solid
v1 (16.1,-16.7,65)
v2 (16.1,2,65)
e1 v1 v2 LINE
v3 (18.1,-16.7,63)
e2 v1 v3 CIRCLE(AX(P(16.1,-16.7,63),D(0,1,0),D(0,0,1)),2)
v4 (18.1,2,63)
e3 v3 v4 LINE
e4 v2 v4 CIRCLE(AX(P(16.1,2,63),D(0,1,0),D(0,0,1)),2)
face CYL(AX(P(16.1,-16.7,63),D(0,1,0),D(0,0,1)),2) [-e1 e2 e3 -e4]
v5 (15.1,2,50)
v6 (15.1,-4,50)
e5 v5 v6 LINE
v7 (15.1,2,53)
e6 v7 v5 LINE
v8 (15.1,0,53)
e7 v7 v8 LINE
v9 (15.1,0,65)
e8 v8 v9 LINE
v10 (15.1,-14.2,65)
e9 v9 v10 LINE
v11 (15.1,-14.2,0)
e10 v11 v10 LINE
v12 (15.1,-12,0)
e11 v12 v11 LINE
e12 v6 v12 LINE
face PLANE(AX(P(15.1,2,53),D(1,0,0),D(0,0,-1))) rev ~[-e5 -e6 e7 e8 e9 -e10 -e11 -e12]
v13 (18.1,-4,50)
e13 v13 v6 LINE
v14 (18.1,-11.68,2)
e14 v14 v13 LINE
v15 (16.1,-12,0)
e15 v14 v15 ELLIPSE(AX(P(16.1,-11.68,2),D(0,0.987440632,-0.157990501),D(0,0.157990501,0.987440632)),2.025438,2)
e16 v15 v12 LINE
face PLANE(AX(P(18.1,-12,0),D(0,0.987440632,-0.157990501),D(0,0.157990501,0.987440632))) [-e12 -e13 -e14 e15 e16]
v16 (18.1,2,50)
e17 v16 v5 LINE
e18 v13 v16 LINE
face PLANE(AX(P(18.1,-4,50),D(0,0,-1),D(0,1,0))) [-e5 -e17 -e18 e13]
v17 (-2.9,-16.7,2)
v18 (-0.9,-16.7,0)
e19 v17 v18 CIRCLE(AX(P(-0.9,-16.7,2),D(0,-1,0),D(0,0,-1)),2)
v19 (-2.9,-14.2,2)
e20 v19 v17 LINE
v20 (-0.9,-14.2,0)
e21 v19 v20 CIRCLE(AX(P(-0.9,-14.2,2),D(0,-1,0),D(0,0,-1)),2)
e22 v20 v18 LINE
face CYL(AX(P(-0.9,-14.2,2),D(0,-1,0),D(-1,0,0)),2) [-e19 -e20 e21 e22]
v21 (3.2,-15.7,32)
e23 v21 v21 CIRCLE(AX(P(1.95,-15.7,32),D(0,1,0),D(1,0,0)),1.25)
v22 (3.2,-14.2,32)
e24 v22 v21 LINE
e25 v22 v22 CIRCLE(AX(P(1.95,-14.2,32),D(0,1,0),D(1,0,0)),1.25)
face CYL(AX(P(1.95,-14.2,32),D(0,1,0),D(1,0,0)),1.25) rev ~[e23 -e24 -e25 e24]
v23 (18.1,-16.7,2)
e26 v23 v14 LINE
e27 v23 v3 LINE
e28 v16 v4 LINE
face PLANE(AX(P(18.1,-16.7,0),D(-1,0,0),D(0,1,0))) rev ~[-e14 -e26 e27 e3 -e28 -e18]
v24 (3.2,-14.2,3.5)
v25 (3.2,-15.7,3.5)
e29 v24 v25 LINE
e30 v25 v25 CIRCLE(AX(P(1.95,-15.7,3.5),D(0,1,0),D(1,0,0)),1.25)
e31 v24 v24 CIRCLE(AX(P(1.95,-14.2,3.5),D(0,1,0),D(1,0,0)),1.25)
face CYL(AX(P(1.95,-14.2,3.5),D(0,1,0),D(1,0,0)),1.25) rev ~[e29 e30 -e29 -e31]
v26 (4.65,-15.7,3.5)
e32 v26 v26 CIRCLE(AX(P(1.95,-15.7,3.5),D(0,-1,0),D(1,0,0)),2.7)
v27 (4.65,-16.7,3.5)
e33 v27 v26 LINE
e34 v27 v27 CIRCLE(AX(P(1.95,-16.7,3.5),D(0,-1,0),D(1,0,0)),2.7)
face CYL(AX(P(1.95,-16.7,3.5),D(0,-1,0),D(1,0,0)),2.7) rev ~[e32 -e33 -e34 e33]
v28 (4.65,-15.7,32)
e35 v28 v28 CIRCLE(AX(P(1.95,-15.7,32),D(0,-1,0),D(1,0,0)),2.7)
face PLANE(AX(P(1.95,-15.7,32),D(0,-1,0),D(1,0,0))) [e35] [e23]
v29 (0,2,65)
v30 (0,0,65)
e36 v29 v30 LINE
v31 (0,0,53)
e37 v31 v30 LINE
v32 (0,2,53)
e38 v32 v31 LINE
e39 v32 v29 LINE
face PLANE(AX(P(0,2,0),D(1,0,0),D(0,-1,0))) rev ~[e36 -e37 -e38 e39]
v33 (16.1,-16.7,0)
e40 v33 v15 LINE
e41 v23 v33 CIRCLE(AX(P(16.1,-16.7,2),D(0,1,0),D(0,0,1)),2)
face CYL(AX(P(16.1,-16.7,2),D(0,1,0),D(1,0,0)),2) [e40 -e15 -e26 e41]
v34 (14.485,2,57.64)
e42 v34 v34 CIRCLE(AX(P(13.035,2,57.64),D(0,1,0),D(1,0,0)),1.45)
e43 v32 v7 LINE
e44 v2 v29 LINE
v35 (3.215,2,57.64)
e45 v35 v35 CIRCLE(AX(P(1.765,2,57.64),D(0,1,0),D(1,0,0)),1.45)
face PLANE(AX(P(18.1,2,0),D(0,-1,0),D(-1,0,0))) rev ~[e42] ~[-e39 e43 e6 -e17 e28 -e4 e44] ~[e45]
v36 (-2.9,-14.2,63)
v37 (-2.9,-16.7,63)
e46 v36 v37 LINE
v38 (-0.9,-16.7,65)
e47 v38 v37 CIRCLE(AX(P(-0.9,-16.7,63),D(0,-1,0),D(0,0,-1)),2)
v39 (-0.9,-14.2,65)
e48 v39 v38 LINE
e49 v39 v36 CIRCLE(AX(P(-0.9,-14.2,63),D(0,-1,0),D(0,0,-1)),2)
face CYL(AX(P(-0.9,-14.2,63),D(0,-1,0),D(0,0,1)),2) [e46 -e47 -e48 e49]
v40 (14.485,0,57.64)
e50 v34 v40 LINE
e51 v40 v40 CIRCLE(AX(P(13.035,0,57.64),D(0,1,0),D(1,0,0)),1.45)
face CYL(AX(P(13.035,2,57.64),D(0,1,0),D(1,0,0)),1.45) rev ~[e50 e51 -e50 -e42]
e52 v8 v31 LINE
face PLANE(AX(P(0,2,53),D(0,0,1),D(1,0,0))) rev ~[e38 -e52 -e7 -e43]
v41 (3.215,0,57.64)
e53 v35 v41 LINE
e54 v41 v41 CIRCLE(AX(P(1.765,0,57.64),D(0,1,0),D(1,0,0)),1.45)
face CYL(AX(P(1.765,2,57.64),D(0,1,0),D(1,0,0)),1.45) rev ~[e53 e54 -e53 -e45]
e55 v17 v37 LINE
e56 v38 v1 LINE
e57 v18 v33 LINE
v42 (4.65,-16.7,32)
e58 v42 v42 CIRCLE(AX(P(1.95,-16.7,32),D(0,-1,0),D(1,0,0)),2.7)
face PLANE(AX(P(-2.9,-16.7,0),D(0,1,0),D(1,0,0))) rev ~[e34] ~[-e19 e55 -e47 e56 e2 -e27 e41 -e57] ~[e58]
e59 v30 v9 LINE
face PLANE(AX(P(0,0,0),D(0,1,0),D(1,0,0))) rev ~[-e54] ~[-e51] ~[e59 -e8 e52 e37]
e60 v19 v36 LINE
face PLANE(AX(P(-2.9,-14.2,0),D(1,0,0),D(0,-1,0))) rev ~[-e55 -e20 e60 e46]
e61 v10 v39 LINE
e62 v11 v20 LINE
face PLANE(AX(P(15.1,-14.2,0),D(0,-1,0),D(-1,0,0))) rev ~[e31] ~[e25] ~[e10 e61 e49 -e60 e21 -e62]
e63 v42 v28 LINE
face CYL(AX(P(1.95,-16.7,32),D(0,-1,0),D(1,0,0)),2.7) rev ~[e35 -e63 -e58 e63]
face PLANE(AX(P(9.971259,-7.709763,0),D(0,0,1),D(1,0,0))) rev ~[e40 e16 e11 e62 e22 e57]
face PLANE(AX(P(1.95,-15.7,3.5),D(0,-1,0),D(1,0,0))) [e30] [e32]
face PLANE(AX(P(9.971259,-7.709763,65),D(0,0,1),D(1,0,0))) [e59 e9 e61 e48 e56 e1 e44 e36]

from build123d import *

# Parameters (mm, degrees)
EXTRUDE_1_DEPTH     = 65
CUT_EXTRUDE_1_REACH = 20.7
SKETCH_2_R          = 1.45
SKETCH_2_W          = 15.1
SKETCH_2_H          = 53
CUT_EXTRUDE_2_REACH = 4.5
SKETCH_3_R          = 1.25
CUT_EXTRUDE_3_REACH = 23
FILLET_1_R          = 2
SKETCH_5_R          = 2.7
CUT_EXTRUDE_4_DEPTH = 1


with BuildPart() as part:
    # 草图1 → 凸台-拉伸1 (new body)
    with BuildSketch(Plane.XY):
        Polygon((0, 2), (0, 0), (15.1, 0), (15.1, -14.2), (-2.9, -14.2), (-2.9, -16.7), (18.1, -16.7), (18.1, 2), align=None)
    extrude(amount=EXTRUDE_1_DEPTH)

    # 草图2 → 切除-拉伸1 (cut, up to next)
    with BuildSketch(Plane(origin=(0, 2, 0), x_dir=(1, 0, 0), z_dir=(0, 1, 0)), mode=Mode.PRIVATE) as cut_extrude_1_sk1:
        with Locations((1.765, -57.64)):
            Circle(SKETCH_2_R)
    cut_extrude_1_tool1 = extrude(cut_extrude_1_sk1.sketch, amount=-CUT_EXTRUDE_1_REACH, mode=Mode.PRIVATE) & part.part
    add(cut_extrude_1_tool1.solids().sort_by_distance((1.765, 2, 57.64))[0], mode=Mode.SUBTRACT)
    # 草图2 → 切除-拉伸1 (cut, up to next)
    with BuildSketch(Plane(origin=(0, 2, 0), x_dir=(1, 0, 0), z_dir=(0, 1, 0)), mode=Mode.PRIVATE) as cut_extrude_1_sk2:
        with Locations((13.035, -57.64)):
            Circle(SKETCH_2_R)
    cut_extrude_1_tool2 = extrude(cut_extrude_1_sk2.sketch, amount=-CUT_EXTRUDE_1_REACH, mode=Mode.PRIVATE) & part.part
    add(cut_extrude_1_tool2.solids().sort_by_distance((13.035, 2, 57.64))[0], mode=Mode.SUBTRACT)
    # 草图2 → 切除-拉伸1 (cut, up to next)
    with BuildSketch(Plane(origin=(0, 2, 0), x_dir=(1, 0, 0), z_dir=(0, 1, 0)), mode=Mode.PRIVATE) as cut_extrude_1_sk3:
        with Locations((7.55, -26.5)):
            Rectangle(SKETCH_2_W, SKETCH_2_H)
    cut_extrude_1_tool3 = extrude(cut_extrude_1_sk3.sketch, amount=-CUT_EXTRUDE_1_REACH, mode=Mode.PRIVATE) & part.part
    add(cut_extrude_1_tool3.solids().sort_by_distance((7.55, 2, 26.5))[0], mode=Mode.SUBTRACT)

    # 草图3 → 切除-拉伸2 (cut, up to next)
    with BuildSketch(Plane(origin=(0, -14.2, 0), x_dir=(1, 0, 0), z_dir=(0, 1, 0)), mode=Mode.PRIVATE) as cut_extrude_2_sk1:
        with Locations((1.95, -3.5)):
            Circle(SKETCH_3_R)
    cut_extrude_2_tool1 = extrude(cut_extrude_2_sk1.sketch, amount=-CUT_EXTRUDE_2_REACH, mode=Mode.PRIVATE) & part.part
    add(cut_extrude_2_tool1.solids().sort_by_distance((1.95, -14.2, 3.5))[0], mode=Mode.SUBTRACT)
    # 草图3 → 切除-拉伸2 (cut, up to next)
    with BuildSketch(Plane(origin=(0, -14.2, 0), x_dir=(1, 0, 0), z_dir=(0, 1, 0)), mode=Mode.PRIVATE) as cut_extrude_2_sk2:
        with Locations((1.95, -32)):
            Circle(SKETCH_3_R)
    cut_extrude_2_tool2 = extrude(cut_extrude_2_sk2.sketch, amount=-CUT_EXTRUDE_2_REACH, mode=Mode.PRIVATE) & part.part
    add(cut_extrude_2_tool2.solids().sort_by_distance((1.95, -14.2, 32))[0], mode=Mode.SUBTRACT)

    # 草图4 → 切除-拉伸3 (cut, up to next)
    with BuildSketch(Plane(origin=(18.1, 0, 0), x_dir=(0, 0, -1), z_dir=(1, 0, 0)), mode=Mode.PRIVATE) as cut_extrude_3_sk1:
        Polygon((-50, 2), (0, 2), (0, -12), (-50, -4), align=None)
    cut_extrude_3_tool1 = extrude(cut_extrude_3_sk1.sketch, amount=-CUT_EXTRUDE_3_REACH, mode=Mode.PRIVATE) & part.part
    add(cut_extrude_3_tool1.solids().sort_by_distance((18.1, -3.266667, 21.666667))[0], mode=Mode.SUBTRACT)

    # 圆角1
    fillet_1_edges = [part.edges().sort_by_distance(p)[0] for p in [
        (-2.9, -15.45, 65),
        (18.1, -7.35, 65),
        (18.1, -14.35, 0),
        (-2.9, -15.45, 0),
    ]]
    fillet(fillet_1_edges, radius=FILLET_1_R)

    # 草图5 → 切除-拉伸4 (cut)
    with BuildSketch(Plane.XZ.offset(16.7)):
        with Locations((1.95, 32)):
            Circle(SKETCH_5_R)
        with Locations((1.95, 3.5)):
            Circle(SKETCH_5_R)
    extrude(amount=-CUT_EXTRUDE_4_DEPTH, mode=Mode.SUBTRACT)


solid = part.part
